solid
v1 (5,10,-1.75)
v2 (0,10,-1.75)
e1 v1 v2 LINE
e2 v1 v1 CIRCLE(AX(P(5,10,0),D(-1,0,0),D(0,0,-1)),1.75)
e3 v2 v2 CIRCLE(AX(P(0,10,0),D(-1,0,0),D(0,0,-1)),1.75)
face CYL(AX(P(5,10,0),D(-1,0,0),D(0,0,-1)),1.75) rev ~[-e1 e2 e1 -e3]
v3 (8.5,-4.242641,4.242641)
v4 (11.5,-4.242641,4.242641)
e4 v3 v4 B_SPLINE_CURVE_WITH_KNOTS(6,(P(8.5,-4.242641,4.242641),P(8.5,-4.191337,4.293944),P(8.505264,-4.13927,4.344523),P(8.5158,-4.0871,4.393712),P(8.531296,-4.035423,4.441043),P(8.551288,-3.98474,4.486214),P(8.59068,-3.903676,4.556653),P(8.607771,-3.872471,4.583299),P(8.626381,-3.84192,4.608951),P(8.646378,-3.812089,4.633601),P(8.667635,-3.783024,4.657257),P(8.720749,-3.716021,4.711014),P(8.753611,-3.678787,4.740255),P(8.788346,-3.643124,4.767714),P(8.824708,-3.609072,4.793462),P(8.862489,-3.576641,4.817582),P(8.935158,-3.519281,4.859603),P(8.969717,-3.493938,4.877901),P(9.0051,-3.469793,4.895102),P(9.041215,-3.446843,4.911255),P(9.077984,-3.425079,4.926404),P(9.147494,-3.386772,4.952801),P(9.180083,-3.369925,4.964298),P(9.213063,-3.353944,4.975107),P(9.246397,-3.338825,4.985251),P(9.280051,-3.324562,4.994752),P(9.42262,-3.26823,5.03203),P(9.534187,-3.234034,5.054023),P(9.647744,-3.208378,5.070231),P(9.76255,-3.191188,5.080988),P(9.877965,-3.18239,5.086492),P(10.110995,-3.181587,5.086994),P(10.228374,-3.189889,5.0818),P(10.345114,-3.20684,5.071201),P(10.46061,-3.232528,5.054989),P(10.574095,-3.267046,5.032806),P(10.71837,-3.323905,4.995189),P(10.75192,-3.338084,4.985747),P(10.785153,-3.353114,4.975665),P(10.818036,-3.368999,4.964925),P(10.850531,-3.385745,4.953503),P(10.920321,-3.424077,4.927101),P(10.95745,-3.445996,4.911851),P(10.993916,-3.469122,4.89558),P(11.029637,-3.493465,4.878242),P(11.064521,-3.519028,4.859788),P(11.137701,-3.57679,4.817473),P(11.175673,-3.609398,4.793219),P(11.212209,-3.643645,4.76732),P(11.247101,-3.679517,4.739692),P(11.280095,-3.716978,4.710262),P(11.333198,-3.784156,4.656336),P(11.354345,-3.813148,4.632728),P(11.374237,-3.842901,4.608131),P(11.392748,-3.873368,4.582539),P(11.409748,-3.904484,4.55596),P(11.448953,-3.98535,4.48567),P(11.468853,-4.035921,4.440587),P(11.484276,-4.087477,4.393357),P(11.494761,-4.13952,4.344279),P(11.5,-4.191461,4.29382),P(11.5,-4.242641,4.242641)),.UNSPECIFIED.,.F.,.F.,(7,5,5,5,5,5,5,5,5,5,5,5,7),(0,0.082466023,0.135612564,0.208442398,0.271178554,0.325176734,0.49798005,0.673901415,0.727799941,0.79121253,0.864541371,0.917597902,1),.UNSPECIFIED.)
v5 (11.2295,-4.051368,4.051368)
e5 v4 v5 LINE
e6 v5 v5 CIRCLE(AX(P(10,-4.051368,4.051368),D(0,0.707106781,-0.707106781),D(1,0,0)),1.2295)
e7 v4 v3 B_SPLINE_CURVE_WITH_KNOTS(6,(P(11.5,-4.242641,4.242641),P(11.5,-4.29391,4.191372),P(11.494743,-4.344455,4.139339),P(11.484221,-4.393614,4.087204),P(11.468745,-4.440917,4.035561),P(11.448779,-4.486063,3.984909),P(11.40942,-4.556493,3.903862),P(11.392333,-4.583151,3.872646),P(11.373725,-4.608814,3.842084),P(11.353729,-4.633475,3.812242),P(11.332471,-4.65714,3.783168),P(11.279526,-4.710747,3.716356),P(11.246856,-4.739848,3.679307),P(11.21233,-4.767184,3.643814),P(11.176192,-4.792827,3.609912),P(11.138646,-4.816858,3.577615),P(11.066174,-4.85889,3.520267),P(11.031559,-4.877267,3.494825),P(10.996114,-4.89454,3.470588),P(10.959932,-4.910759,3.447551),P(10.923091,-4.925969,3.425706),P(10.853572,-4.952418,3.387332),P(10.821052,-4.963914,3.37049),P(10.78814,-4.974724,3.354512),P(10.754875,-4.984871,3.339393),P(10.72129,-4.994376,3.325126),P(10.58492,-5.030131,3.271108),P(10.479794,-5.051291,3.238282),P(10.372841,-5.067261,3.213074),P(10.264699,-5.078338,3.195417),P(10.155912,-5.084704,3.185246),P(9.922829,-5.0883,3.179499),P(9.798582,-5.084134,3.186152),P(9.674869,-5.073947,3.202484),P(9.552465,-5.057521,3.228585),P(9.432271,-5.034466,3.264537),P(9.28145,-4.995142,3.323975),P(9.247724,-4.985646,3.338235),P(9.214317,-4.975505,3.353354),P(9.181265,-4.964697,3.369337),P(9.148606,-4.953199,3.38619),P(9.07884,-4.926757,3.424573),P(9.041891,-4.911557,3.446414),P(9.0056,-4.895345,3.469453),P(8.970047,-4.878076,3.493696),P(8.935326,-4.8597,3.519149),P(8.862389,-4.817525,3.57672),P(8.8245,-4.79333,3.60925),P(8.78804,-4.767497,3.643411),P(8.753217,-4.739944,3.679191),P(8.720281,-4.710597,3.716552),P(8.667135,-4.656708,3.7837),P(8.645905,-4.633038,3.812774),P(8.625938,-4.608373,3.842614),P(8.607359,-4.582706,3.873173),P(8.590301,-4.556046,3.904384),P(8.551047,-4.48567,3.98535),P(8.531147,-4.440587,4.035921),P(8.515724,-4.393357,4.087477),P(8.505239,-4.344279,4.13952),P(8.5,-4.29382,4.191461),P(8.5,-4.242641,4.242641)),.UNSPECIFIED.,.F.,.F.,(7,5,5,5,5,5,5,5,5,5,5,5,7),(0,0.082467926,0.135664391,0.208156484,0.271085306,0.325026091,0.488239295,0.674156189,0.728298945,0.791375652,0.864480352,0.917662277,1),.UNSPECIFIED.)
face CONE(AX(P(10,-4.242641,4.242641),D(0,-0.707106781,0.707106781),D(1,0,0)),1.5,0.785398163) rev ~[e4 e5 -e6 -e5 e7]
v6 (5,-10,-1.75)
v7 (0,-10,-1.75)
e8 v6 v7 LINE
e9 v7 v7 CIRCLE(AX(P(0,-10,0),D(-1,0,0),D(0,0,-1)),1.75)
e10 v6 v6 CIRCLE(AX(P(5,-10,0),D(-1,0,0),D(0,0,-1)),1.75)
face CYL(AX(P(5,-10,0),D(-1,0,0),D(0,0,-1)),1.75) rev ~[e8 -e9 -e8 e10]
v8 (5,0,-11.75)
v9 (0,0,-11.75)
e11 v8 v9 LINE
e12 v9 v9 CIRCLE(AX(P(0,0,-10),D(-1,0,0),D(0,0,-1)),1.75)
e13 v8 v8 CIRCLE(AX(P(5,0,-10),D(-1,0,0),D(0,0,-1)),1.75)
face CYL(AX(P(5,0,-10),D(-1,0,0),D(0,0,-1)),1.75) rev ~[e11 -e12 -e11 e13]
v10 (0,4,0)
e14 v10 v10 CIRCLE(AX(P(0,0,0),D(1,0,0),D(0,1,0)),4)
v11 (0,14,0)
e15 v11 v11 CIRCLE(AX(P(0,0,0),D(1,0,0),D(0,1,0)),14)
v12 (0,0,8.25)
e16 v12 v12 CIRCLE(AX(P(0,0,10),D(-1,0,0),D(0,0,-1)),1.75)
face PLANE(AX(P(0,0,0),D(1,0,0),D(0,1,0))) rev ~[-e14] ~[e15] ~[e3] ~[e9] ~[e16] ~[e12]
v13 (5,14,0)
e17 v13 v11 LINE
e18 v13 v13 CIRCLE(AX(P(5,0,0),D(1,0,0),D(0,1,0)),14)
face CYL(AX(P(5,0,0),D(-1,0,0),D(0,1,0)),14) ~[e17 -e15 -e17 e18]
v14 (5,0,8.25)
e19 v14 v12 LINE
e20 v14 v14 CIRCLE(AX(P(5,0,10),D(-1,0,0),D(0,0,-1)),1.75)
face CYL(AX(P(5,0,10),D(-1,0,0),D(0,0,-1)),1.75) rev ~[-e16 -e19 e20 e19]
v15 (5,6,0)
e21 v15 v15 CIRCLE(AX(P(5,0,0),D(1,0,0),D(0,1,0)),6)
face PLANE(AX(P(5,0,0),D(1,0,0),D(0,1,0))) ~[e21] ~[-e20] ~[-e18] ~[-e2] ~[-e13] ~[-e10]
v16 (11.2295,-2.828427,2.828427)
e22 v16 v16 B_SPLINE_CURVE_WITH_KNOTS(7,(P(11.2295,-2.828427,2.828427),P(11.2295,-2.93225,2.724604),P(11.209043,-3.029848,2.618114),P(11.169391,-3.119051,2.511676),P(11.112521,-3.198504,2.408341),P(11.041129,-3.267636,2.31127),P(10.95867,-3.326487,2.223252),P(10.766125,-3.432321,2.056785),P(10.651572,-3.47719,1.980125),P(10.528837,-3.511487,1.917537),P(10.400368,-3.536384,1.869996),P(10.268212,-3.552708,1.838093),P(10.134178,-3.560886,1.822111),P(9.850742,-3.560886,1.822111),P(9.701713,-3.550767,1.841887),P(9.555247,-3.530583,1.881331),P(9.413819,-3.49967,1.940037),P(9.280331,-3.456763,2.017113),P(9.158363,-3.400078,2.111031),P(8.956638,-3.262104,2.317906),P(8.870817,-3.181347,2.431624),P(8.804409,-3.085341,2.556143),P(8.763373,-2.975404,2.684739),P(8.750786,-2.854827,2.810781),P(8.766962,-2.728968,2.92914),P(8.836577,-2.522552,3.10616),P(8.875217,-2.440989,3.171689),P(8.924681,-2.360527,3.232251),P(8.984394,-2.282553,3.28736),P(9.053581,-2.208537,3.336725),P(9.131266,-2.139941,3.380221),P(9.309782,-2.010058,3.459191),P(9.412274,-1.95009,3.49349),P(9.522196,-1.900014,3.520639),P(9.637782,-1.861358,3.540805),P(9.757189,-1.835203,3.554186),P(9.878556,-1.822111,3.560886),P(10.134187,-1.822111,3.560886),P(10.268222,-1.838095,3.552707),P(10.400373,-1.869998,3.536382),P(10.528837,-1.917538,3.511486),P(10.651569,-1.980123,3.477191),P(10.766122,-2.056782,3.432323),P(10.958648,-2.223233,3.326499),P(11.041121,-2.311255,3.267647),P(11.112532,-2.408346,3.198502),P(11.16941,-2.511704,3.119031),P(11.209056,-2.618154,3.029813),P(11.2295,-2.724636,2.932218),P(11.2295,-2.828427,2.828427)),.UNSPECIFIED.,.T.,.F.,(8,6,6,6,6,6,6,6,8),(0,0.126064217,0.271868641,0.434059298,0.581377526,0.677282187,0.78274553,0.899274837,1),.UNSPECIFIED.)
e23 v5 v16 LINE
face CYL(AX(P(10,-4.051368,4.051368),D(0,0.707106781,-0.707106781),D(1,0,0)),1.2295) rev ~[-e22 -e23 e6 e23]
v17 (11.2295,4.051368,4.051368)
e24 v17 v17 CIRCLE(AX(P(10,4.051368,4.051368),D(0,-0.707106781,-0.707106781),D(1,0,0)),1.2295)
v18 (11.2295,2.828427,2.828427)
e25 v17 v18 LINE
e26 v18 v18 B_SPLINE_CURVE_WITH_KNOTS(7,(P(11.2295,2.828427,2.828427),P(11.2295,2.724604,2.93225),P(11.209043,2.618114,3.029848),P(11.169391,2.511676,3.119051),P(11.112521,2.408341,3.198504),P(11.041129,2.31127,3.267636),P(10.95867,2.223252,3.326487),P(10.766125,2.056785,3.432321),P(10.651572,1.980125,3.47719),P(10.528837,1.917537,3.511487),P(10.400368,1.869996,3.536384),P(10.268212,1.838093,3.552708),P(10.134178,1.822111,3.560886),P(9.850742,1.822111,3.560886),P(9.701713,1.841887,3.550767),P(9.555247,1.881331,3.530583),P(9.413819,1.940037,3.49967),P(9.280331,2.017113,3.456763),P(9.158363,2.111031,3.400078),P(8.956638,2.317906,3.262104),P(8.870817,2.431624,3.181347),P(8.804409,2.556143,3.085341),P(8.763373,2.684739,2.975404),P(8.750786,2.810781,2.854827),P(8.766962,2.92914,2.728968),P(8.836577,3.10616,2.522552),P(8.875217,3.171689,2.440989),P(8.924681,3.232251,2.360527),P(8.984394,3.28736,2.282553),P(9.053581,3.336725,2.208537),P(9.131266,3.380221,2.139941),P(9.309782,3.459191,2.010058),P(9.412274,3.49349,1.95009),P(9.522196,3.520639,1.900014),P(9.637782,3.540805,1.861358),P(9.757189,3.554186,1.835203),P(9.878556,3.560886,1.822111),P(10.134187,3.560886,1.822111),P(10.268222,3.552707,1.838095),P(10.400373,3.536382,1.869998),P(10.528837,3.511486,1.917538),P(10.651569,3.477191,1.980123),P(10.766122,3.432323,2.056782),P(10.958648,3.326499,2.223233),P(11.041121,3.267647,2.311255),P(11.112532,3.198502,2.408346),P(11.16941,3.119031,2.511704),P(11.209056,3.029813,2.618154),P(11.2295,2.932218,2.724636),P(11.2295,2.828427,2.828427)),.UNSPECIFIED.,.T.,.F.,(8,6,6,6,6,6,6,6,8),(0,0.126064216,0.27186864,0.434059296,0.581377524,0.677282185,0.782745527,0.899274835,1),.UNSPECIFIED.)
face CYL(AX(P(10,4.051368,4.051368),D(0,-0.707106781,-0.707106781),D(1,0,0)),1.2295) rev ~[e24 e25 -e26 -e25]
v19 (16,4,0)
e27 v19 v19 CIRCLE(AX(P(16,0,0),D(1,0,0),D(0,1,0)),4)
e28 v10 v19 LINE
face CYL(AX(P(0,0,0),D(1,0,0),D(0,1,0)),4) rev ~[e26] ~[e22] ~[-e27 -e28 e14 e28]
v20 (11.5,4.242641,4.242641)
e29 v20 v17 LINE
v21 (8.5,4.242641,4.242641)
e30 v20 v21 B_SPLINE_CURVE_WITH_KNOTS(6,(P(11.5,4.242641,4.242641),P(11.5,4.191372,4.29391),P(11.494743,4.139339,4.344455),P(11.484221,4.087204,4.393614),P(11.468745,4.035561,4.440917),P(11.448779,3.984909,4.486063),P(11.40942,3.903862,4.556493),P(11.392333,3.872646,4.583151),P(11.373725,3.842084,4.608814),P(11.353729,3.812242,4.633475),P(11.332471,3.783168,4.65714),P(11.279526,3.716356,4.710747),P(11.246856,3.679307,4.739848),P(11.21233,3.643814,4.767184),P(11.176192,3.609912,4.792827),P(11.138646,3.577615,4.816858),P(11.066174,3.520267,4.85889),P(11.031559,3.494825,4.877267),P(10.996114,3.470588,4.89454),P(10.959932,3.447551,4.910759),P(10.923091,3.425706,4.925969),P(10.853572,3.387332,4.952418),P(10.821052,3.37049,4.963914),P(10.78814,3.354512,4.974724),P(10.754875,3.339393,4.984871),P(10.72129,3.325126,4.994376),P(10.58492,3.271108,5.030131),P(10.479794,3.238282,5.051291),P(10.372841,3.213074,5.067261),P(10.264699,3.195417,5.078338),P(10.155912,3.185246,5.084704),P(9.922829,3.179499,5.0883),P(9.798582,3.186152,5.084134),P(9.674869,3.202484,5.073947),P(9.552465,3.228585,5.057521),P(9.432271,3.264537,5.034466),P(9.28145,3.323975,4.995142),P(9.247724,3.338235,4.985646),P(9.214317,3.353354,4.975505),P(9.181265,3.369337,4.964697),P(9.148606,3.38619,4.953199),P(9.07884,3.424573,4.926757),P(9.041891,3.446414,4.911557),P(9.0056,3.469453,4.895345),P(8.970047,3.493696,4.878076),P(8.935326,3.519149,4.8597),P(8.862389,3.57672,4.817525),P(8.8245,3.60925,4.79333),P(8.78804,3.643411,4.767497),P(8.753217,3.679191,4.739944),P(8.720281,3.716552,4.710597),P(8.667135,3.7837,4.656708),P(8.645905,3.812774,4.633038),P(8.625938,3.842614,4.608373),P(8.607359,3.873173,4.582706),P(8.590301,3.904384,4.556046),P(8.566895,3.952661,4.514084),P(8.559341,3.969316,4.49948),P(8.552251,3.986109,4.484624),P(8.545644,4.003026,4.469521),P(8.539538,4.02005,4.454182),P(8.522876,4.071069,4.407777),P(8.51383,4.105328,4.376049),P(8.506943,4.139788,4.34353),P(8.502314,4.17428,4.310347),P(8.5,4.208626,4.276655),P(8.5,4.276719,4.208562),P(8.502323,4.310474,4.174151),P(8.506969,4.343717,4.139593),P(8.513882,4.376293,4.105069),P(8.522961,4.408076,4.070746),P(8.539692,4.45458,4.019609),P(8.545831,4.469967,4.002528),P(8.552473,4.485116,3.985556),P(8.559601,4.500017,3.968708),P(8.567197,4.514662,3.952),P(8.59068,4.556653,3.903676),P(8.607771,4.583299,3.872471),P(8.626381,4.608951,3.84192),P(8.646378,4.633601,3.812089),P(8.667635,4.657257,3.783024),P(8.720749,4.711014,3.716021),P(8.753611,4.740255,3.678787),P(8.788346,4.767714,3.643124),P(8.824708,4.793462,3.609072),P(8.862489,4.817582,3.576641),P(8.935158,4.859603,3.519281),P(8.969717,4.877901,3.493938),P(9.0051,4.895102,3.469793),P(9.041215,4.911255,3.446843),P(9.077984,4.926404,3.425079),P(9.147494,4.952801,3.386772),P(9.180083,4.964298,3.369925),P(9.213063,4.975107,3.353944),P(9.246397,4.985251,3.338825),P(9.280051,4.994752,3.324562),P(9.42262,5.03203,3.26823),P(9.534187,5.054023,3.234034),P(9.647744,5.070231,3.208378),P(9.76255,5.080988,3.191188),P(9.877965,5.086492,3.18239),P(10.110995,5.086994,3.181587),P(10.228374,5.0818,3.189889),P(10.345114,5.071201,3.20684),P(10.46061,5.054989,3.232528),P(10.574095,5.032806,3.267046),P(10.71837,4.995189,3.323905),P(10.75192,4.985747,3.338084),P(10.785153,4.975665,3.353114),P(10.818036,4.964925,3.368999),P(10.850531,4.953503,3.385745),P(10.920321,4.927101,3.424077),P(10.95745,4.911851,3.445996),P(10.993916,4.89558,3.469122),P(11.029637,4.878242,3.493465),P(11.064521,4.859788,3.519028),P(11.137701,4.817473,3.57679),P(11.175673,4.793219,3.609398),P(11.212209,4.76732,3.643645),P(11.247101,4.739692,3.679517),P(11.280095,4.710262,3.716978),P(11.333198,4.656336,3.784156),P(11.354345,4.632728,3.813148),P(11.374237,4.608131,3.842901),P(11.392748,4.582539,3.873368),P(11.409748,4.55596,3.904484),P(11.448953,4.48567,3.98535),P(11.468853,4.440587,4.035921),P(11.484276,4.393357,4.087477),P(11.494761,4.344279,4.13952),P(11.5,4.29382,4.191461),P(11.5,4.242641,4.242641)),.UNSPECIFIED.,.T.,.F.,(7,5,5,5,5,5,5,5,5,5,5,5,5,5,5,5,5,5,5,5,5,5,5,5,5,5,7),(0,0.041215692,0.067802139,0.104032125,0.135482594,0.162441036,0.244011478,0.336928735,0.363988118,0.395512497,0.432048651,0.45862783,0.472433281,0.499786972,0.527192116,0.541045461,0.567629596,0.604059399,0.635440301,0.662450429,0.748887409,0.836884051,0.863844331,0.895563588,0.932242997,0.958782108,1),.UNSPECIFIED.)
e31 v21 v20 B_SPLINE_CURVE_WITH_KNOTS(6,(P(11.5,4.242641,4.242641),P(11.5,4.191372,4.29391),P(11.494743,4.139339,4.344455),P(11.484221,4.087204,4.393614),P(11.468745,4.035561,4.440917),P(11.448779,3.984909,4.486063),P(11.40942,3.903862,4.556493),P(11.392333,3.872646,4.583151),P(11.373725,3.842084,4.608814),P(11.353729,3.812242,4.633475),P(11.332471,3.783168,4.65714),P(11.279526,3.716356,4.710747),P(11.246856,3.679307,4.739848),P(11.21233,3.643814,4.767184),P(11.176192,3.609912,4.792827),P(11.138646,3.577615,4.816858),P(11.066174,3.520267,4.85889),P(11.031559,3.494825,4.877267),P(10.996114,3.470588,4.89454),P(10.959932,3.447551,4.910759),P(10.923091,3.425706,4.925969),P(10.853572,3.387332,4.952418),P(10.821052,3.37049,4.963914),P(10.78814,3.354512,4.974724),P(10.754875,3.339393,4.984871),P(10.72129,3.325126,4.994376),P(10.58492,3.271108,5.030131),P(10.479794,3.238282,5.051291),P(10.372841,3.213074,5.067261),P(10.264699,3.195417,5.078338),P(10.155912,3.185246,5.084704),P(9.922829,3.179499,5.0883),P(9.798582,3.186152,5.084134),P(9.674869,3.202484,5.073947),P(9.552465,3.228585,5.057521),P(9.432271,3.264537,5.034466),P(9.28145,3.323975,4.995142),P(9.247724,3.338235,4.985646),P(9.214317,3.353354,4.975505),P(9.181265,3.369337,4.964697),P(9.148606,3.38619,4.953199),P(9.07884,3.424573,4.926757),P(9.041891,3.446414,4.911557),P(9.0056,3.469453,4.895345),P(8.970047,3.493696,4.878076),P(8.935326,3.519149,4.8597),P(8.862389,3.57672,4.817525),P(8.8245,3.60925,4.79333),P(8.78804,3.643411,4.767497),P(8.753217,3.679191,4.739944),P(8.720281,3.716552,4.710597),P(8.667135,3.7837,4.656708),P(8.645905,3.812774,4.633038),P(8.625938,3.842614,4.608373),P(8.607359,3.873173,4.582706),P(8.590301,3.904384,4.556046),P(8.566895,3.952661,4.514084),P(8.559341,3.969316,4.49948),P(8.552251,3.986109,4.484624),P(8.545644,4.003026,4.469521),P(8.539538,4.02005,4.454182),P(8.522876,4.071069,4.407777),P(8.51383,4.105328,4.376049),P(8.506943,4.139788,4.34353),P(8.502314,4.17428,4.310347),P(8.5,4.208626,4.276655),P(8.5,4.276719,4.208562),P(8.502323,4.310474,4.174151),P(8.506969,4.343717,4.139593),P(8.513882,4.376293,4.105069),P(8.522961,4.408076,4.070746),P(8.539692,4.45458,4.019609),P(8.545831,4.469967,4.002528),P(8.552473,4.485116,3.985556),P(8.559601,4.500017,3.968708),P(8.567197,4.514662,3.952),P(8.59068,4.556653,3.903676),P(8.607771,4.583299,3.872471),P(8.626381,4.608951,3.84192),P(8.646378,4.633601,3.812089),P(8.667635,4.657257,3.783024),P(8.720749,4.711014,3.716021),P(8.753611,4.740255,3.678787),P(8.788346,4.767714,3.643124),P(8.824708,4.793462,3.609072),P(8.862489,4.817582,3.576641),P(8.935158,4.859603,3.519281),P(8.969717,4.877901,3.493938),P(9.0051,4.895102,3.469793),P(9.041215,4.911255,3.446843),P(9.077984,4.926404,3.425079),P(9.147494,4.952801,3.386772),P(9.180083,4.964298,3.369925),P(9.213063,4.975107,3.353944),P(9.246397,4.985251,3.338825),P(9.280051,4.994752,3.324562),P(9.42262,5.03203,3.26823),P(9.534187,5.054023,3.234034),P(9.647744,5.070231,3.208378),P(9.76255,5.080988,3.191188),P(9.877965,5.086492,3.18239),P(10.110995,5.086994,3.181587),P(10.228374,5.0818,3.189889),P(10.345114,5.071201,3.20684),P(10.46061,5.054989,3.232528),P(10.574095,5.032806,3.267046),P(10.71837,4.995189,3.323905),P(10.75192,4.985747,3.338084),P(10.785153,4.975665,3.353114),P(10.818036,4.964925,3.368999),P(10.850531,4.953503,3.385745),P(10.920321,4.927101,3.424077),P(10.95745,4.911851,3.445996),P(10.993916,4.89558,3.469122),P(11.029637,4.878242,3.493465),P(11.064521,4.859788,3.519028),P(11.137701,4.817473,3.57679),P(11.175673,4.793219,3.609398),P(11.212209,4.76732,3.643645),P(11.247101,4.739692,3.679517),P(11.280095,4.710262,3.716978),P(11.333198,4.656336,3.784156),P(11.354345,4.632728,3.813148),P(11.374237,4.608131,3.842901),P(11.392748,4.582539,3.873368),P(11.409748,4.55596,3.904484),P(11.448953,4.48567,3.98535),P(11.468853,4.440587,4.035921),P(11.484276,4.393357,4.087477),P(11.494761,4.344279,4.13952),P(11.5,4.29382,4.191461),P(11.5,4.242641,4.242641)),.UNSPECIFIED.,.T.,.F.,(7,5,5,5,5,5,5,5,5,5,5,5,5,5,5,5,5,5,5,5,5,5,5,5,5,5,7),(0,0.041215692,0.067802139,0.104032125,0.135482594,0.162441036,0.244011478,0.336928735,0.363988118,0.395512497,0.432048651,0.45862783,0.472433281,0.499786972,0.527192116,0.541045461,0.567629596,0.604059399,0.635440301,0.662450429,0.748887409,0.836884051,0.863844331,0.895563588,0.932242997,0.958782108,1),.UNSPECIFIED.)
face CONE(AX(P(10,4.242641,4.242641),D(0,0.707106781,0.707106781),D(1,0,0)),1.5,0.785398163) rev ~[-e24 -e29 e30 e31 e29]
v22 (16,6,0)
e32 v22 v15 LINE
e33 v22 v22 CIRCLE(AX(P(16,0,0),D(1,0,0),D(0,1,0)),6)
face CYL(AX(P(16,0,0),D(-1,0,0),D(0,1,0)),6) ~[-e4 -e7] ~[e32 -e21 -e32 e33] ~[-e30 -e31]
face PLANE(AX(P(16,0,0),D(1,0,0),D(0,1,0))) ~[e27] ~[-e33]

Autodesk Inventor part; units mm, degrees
ref_plane "YZ Plane" through (0, 0, 0) normal (1, 0, 0) x (0, 1, 0)
ref_plane "XZ Plane" through (0, 0, 0) normal (0, 1, 0) x (-1, 0, 0)
ref_plane "XY Plane" through (0, 0, 0) normal (0, 0, 1) x (1, 0, 0)
sketch "Sketch_1" plane through (0, 0, 0) normal (0, 0, 1) x (1, 0, 0)
  line L0 (16, 0) -> (0, 0)
  line L1 (0, 4) -> (16, 4)
  line L2 (16, 4) -> (16, 6)
  line L3 (16, 6) -> (5, 6)
  line L4 (5, 6) -> (5, 14)
  line L5 (5, 14) -> (0, 14)
  line L6 (0, 14) -> (0, 4)
revolve "Revolution1" add sketch "Sketch_1" angle 360 about axis through (16, 0, 0) along (1, 0, 0)
sketch "Sketch_3" plane through (0, 0, 0) normal (0, -0.7071, 0.7071) x (1, 0, 0)
  line L0 (10, 3.5) -> (10, 6)
  line L1 (10, 6) -> (11.5, 6)
  line L2 (11.5, 6) -> (11.2295, 5.7295)
  line L3 (11.2295, 5.7295) -> (11.2295, 3.5)
  line L4 (11.2295, 3.5) -> (10, 3.5)
  line L5 (10, 3.5) -> (10, 6)
revolve "Revolution2" cut sketch "Sketch_3" angle 360 about axis through (10, 2.4749, 2.4749) along (0, -0.7071, -0.7071)
thread "Thread1" size "M3x0.5" class "6H" standard "ISO Metric profile" length 2.2295
sketch "Sketch3" plane through (5, 0, 0) normal (1, 0, 0) x (0, 0, -1)
  point P0 (0, 10)
hole "Hole1" at (5, 10, 0) direction (-1, 0, 0) diameter 3.5 depth 5
sketch "Sketch4" plane through (5, 0, 0) normal (1, 0, 0) x (0, 0, -1)
  point P0 (0, -10)
hole "Hole2" at (5, -10, 0) direction (-1, 0, 0) diameter 3.5 depth 5
sketch "Sketch5" plane through (5, 0, 0) normal (1, 0, 0) x (0, 0, -1)
  point P0 (-10, 0)
hole "Hole3" at (5, 0, 10) direction (-1, 0, 0) diameter 3.5 depth 5
sketch "Sketch6" plane through (5, 0, 0) normal (1, 0, 0) x (0, 0, -1)
  point P0 (10, 0)
hole "Hole4" at (5, 0, -10) direction (-1, 0, 0) diameter 3.5 depth 5
sketch "Sketch_2" plane through (0, 0, 0) normal (0, -0.7071, -0.7071) x (1, 0, 0)
  line L0 (10, 3.5) -> (10, 6)
  line L1 (10, 6) -> (11.5, 6)
  line L2 (11.5, 6) -> (11.2295, 5.7295)
  line L3 (11.2295, 5.7295) -> (11.2295, 3.5)
  line L4 (11.2295, 3.5) -> (10, 3.5)
  line L5 (10, 3.5) -> (10, 6)
revolve "Revolution3" cut sketch "Sketch_2" angle 360 about axis through (10, -2.4749, 2.4749) along (0, 0.7071, -0.7071)
thread "Thread2" size "M3x0.5" class "6H" standard "ISO Metric profile" length 2.2295
properties part number "STHRB8_b"
